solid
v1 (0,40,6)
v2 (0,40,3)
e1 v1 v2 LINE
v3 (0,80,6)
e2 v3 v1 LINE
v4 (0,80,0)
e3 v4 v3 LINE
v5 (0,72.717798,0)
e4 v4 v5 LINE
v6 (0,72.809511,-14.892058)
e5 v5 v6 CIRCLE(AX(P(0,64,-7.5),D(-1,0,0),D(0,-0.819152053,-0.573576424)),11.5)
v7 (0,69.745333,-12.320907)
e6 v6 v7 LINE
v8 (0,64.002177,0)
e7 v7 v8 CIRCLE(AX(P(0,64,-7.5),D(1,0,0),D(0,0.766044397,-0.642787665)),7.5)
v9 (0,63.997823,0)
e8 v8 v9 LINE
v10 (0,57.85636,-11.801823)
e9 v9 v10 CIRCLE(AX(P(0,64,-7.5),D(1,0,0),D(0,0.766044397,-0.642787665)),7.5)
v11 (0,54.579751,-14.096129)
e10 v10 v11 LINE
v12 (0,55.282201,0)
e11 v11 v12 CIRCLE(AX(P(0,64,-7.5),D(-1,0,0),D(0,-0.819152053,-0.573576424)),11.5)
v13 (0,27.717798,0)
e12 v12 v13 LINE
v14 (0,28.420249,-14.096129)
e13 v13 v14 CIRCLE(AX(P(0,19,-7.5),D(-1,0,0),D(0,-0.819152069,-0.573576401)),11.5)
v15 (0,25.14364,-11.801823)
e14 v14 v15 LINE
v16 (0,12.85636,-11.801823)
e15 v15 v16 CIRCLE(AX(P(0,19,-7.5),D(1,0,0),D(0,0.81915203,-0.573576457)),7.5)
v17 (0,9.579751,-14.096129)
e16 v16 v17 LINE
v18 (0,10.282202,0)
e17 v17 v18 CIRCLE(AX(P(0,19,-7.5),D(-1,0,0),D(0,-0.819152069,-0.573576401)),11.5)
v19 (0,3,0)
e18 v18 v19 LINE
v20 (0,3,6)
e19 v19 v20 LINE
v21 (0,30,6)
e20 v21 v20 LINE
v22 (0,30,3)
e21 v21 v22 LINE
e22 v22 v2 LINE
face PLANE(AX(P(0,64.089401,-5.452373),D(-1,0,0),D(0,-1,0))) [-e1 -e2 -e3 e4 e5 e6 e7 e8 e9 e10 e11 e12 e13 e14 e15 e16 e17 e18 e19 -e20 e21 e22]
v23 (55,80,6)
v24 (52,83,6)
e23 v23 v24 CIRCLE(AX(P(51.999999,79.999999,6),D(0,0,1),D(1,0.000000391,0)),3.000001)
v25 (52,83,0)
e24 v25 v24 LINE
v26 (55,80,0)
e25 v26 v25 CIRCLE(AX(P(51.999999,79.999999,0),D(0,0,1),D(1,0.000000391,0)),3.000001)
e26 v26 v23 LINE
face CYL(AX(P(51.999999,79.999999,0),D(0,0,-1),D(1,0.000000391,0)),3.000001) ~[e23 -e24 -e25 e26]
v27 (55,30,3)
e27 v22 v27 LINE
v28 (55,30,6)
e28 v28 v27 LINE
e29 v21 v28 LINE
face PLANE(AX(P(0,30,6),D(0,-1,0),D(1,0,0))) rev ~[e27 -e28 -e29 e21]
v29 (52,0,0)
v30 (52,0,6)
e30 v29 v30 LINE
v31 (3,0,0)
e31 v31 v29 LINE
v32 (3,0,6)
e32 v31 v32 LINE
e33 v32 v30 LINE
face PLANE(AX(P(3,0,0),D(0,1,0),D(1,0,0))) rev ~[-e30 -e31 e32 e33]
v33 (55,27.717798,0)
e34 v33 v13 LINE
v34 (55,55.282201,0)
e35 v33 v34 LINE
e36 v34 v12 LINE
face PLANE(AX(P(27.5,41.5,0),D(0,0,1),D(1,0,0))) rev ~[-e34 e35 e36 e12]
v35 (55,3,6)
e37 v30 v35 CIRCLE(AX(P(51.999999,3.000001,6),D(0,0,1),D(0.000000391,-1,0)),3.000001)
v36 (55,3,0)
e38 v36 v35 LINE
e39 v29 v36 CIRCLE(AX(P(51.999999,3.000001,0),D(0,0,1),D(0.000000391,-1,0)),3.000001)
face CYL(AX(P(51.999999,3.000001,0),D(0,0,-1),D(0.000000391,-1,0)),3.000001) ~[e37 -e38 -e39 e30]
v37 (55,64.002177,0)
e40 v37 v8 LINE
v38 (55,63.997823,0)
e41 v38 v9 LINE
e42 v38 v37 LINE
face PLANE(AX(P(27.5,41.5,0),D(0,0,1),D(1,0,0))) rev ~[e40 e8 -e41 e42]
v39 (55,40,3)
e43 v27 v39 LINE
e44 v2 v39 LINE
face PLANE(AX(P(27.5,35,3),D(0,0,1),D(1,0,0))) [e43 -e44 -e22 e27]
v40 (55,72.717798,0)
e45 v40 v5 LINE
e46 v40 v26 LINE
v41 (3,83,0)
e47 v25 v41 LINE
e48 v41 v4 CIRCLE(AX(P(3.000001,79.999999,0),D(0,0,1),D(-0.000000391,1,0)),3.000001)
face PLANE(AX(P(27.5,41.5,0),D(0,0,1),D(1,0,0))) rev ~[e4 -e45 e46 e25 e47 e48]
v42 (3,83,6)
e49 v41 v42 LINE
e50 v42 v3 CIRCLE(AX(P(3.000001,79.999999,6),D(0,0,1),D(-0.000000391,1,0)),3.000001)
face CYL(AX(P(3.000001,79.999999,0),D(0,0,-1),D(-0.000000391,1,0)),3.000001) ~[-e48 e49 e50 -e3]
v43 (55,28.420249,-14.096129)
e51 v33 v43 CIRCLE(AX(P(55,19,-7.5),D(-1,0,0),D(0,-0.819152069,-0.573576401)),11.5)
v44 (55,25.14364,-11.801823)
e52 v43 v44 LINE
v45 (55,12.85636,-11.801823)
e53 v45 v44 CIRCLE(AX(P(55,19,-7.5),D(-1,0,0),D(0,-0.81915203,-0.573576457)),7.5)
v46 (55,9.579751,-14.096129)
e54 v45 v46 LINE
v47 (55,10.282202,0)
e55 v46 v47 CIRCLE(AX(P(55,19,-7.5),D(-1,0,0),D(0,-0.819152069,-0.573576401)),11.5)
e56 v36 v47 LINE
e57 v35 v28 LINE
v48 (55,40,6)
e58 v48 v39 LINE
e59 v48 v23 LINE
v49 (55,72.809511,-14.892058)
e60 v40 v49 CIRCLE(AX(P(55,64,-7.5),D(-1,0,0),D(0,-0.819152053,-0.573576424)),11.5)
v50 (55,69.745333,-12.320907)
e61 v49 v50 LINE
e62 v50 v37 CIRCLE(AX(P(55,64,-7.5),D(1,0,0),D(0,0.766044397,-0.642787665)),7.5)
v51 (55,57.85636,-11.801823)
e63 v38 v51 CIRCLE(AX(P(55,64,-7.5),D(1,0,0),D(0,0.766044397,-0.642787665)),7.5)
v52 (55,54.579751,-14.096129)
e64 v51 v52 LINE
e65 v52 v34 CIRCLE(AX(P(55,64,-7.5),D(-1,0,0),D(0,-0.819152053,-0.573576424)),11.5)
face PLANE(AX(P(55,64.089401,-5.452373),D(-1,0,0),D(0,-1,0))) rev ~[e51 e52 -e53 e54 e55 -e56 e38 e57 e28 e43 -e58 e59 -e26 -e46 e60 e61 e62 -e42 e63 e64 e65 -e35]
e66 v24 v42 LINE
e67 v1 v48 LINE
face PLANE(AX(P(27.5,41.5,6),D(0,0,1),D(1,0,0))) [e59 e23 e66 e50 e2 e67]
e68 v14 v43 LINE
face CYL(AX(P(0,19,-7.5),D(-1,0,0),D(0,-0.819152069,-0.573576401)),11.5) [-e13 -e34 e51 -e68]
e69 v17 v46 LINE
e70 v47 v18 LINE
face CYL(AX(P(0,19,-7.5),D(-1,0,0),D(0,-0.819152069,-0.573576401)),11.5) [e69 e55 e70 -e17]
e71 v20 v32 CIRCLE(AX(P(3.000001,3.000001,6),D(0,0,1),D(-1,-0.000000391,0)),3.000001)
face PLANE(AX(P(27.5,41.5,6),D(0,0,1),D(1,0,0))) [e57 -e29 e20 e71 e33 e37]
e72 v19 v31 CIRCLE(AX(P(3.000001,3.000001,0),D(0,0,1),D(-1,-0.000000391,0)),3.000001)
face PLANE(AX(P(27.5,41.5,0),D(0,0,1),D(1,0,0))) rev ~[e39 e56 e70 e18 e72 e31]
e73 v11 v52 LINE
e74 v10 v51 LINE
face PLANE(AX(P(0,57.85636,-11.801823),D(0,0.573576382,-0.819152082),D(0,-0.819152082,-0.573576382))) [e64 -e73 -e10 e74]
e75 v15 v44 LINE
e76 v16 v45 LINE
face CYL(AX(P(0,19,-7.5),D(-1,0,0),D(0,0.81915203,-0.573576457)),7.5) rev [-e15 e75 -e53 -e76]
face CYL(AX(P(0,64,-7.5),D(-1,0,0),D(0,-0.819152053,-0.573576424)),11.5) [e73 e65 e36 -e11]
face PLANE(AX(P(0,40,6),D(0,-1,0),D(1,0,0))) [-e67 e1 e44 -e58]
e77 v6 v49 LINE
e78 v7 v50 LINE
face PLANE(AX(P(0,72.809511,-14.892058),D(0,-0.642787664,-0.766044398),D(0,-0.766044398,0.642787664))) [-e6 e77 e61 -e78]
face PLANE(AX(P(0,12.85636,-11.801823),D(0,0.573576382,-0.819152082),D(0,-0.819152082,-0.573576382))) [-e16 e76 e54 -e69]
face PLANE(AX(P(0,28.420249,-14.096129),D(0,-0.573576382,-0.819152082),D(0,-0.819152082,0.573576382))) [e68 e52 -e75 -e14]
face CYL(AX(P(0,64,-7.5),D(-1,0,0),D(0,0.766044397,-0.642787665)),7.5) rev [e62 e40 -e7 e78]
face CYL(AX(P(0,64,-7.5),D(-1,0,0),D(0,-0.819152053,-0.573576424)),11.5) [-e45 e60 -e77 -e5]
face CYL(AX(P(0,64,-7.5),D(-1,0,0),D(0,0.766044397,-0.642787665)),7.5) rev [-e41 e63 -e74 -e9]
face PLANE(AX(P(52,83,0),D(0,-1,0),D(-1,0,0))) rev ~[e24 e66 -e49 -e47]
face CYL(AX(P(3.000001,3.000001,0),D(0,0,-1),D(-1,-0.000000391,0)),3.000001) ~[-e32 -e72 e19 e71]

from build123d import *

# Parameters (mm, degrees)
F1_DEPTH = 6
F2_W     = 55
F2_H     = 10
F3_DEPTH = 3
F5_DEPTH = 55


with BuildPart() as f1:
    # F0 (on Top) → F1 (new body)
    with BuildSketch(Plane.XY):
        with BuildLine():
            ThreePointArc((0, 3), (0.87868, 0.87868), (3, 0))
            Line((3, 0), (52, 0))
            ThreePointArc((52, 0), (54.12132, 0.87868), (55, 3))
            Line((55, 3), (55, 80))
            ThreePointArc((55, 80), (54.12132, 82.12132), (52, 83))
            Line((52, 83), (3, 83))
            ThreePointArc((3, 83), (0.87868, 82.12132), (0, 80))
            Line((0, 80), (0, 3))
        make_face()
    extrude(amount=F1_DEPTH)

    # F2 (on face) → F3 (cut)
    with BuildSketch(Plane.XY.offset(6)):
        with Locations((27.5, 35)):
            Rectangle(F2_W, F2_H)
    extrude(amount=-F3_DEPTH, mode=Mode.SUBTRACT)

    # F4 (on face) → F5 (join, through all)
    with BuildSketch(Plane(origin=(0, 0, 0), x_dir=(0, -1, 0), z_dir=(-1, 0, 0))):
        with BuildLine():
            ThreePointArc((-69.745333, -12.320907), (-64.327145, -0.007138), (-57.85636, -11.801823))
            Line((-57.85636, -11.801823), (-54.579751, -14.096129))
            ThreePointArc((-54.579751, -14.096129), (-64.501623, 3.989055), (-72.809511, -14.892058))
            Line((-72.809511, -14.892058), (-69.745333, -12.320907))
        make_face()
        with BuildLine():
            ThreePointArc((-25.14364, -11.801823), (-19, 0), (-12.85636, -11.801823))
            Line((-12.85636, -11.801823), (-9.579751, -14.096129))
            ThreePointArc((-9.579751, -14.096129), (-19, 4), (-28.420249, -14.096129))
            Line((-28.420249, -14.096129), (-25.14364, -11.801823))
        make_face()
    extrude(amount=-F5_DEPTH)


solid = f1.part
